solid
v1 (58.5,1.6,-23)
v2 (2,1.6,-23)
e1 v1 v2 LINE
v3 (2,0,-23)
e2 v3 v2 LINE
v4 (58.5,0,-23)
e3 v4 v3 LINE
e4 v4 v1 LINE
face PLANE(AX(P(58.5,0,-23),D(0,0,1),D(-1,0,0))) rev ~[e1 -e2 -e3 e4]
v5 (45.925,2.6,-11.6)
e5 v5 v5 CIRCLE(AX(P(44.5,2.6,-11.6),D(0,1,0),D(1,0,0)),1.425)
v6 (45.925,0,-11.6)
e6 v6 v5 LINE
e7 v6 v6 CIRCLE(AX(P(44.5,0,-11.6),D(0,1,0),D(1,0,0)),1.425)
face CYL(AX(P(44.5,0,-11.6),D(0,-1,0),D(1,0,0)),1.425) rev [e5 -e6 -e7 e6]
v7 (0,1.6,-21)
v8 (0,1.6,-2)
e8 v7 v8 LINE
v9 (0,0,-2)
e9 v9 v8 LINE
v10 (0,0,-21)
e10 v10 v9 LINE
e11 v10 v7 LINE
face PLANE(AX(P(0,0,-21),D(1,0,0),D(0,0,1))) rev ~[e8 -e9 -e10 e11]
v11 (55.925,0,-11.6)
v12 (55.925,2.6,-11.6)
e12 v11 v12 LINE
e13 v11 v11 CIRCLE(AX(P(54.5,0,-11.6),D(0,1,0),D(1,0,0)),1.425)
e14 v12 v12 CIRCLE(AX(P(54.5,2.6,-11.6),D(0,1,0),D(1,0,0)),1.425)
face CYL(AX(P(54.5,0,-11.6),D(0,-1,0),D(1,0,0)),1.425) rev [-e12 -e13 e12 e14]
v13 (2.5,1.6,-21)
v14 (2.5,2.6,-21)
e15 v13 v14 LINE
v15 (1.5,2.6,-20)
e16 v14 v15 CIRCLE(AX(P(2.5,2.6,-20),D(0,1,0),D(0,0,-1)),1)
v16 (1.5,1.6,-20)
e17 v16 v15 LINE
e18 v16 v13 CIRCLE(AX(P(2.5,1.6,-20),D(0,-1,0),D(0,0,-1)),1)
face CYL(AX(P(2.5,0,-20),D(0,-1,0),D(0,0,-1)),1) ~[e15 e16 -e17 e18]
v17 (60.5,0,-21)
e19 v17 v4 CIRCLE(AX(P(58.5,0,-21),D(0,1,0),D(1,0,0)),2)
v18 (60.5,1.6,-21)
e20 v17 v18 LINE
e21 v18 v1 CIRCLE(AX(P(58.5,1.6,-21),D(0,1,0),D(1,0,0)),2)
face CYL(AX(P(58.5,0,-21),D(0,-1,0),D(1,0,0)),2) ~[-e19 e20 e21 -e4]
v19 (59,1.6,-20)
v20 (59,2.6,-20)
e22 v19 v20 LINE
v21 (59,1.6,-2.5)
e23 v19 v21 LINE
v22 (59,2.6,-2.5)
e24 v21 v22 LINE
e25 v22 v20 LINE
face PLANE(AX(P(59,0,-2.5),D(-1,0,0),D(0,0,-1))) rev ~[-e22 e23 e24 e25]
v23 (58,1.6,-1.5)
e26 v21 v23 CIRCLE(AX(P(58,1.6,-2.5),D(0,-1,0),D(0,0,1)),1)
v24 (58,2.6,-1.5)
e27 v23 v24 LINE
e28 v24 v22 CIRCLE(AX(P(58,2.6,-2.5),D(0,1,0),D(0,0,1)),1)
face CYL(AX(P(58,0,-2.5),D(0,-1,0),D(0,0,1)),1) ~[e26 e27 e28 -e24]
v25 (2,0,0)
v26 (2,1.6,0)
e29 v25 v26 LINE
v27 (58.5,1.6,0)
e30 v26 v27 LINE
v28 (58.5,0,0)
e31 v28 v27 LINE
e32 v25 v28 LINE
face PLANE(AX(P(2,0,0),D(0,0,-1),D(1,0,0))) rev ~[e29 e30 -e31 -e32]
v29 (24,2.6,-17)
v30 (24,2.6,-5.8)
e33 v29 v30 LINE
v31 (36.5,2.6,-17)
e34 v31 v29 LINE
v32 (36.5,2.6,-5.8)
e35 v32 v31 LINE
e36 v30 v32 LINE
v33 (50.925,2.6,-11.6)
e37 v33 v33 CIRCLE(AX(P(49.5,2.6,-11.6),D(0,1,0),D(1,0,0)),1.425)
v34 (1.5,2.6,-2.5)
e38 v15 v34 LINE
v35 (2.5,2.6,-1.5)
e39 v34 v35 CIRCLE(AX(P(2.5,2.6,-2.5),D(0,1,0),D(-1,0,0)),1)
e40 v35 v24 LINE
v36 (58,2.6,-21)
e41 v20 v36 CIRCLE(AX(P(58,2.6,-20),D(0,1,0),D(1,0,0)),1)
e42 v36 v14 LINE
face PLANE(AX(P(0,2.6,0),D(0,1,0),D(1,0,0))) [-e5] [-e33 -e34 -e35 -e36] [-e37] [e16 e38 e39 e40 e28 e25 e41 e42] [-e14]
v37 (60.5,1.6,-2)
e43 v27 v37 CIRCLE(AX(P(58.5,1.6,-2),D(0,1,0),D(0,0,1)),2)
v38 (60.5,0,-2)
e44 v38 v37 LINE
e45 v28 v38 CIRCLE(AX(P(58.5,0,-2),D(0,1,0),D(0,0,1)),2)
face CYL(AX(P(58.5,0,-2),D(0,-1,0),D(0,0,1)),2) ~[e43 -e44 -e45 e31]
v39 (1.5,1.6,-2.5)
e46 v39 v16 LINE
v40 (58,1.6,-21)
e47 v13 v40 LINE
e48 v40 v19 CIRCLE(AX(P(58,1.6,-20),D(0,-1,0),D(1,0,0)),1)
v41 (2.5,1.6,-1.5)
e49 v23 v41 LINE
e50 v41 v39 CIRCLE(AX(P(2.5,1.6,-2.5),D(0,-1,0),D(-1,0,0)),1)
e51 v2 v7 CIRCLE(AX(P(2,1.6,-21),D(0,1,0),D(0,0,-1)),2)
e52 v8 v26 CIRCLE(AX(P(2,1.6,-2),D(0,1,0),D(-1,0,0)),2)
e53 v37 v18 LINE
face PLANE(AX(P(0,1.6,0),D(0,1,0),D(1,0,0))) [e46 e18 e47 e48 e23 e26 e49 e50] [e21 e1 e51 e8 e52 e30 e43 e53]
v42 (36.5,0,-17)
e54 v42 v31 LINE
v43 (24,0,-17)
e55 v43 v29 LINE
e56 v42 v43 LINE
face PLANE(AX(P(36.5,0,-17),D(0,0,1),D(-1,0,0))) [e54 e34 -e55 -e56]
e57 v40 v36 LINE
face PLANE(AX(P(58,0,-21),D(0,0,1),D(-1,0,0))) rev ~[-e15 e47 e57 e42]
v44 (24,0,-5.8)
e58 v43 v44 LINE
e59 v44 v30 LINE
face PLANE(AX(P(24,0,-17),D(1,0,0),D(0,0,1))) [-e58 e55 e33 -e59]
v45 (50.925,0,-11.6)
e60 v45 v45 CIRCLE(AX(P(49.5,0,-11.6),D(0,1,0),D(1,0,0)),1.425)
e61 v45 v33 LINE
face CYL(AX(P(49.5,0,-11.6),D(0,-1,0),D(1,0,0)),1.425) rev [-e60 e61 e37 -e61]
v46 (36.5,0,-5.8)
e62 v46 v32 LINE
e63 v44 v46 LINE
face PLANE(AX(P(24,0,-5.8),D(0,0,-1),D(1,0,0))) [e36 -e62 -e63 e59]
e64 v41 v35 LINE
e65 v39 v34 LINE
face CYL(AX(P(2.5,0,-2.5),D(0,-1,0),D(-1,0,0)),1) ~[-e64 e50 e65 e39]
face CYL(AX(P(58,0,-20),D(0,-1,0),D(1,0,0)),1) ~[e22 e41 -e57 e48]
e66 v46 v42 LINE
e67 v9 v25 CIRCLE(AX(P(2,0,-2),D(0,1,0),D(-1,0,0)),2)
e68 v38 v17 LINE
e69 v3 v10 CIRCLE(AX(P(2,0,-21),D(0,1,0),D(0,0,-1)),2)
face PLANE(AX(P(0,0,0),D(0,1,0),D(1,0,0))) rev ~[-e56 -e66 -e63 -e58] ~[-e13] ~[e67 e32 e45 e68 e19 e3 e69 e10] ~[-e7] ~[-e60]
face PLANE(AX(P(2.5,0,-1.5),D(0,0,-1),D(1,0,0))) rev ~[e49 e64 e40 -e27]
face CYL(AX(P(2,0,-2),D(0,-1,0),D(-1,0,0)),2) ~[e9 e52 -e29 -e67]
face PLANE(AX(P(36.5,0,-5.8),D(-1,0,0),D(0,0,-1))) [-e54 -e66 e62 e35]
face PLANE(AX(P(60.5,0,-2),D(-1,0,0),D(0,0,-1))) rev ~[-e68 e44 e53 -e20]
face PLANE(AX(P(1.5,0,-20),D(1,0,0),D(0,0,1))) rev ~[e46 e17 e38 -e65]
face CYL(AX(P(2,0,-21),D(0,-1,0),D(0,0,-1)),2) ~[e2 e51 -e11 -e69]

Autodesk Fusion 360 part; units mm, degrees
sketch "Skizze1" plane through (0, 0, 0) normal (0, 1, 0) x (1, 0, 0)
  arc A0 (0, 2) -> (2, 0) centre (2, 2) ccw
  arc A1 (2, 23) -> (0, 21) centre (2, 21) ccw
  line L0 (58.5, 23) -> (2, 23)
  line L1 (60.5, 2) -> (60.5, 21)
  arc A2 (58.5, 0) -> (60.5, 2) centre (58.5, 2) ccw
  line L2 (2, 0) -> (58.5, 0)
  line L3 (0, 21) -> (0, 2)
  arc A3 (60.5, 21) -> (58.5, 23) centre (58.5, 21) ccw
  point P0 (60.5, 0)
  point P1 (0, 23)
  dimension "d1" = 60.5
  dimension "d2" = 23
  dimension "d3" = 2
  dimension "d4" = 2
  dimension "d5" = 2
  dimension "d6" = 2
sketch "Skizze2" plane through (0, 0, 0) normal (0, 1, 0) x (1, 0, 0)
  line L0 (2.5, 1.5) -> (58, 1.5)
  line L1 (59, 2.5) -> (59, 20)
  line L2 (58, 21) -> (2.5, 21)
  line L3 (1.5, 20) -> (1.5, 2.5)
  line L4 (2, 0) -> (58.5, 0)
  line L5 (0, 21) -> (0, 2)
  arc A0 (2.5, 21) -> (1.5, 20) centre (2.5, 20) ccw
  arc A1 (1.5, 2.5) -> (2.5, 1.5) centre (2.5, 2.5) ccw
  arc A2 (59, 20) -> (58, 21) centre (58, 20) ccw
  arc A3 (58, 1.5) -> (59, 2.5) centre (58, 2.5) ccw
  point P0 (1.5, 1.5)
  point P1 (59, 1.5)
  point P2 (1.5, 21)
  dimension "d7" = 57.5
  dimension "d8" = 19.5
  dimension "d9" = 1.5
  dimension "d10" = 1.5
  dimension "d11" = 1
sketch "Skizze3" plane through (0, 0, 0) normal (0, 1, 0) x (1, 0, 0)
  line L0 (24, 17) -> (24, 5.8)
  line L1 (36.5, 17) -> (24, 17)
  line L2 (36.5, 5.8) -> (36.5, 17)
  line L3 (24, 5.8) -> (36.5, 5.8)
  line L4 (0, 21) -> (0, 2)
  line L5 (2, 0) -> (58.5, 0)
  dimension "d12" = 12.5
  dimension "d13" = 11.2
  dimension "d14" = 24
  dimension "d15" = 5.8
sketch "Skizze4" plane through (0, 0, 0) normal (0, 1, 0) x (1, 0, 0)
  circle A0 centre (44.5, 11.6) radius 1.425
  circle A1 centre (49.5, 11.6) radius 1.425
  circle A2 centre (54.5, 11.6) radius 1.425
  line L0 (2.5, 1.5) -> (58, 1.5)
  line L1 (24, 17) -> (24, 5.8)
  line L2 (36.5, 5.8) -> (36.5, 17)
  line L3 (2, 0) -> (58.5, 0)
  dimension "d16" = 2.85
  dimension "d17" = 2.85
  dimension "d18" = 2.85
  dimension "d19" = 5
  dimension "d20" = 5
  dimension "d25" = 8
  dimension "d26" = 11.6
extrude "Extrusion1" add sketch "Skizze1" along normal blind 1.6
extrude "Extrusion2" add sketch "Skizze2" along normal blind 2.6
extrude "Extrusion3" cut sketch "Skizze4" sketch "Skizze3" along normal blind 2.6 of sketch 2
equation "h1 = 3 mm"
equation "h1_hoehe = 6.5 mm"
